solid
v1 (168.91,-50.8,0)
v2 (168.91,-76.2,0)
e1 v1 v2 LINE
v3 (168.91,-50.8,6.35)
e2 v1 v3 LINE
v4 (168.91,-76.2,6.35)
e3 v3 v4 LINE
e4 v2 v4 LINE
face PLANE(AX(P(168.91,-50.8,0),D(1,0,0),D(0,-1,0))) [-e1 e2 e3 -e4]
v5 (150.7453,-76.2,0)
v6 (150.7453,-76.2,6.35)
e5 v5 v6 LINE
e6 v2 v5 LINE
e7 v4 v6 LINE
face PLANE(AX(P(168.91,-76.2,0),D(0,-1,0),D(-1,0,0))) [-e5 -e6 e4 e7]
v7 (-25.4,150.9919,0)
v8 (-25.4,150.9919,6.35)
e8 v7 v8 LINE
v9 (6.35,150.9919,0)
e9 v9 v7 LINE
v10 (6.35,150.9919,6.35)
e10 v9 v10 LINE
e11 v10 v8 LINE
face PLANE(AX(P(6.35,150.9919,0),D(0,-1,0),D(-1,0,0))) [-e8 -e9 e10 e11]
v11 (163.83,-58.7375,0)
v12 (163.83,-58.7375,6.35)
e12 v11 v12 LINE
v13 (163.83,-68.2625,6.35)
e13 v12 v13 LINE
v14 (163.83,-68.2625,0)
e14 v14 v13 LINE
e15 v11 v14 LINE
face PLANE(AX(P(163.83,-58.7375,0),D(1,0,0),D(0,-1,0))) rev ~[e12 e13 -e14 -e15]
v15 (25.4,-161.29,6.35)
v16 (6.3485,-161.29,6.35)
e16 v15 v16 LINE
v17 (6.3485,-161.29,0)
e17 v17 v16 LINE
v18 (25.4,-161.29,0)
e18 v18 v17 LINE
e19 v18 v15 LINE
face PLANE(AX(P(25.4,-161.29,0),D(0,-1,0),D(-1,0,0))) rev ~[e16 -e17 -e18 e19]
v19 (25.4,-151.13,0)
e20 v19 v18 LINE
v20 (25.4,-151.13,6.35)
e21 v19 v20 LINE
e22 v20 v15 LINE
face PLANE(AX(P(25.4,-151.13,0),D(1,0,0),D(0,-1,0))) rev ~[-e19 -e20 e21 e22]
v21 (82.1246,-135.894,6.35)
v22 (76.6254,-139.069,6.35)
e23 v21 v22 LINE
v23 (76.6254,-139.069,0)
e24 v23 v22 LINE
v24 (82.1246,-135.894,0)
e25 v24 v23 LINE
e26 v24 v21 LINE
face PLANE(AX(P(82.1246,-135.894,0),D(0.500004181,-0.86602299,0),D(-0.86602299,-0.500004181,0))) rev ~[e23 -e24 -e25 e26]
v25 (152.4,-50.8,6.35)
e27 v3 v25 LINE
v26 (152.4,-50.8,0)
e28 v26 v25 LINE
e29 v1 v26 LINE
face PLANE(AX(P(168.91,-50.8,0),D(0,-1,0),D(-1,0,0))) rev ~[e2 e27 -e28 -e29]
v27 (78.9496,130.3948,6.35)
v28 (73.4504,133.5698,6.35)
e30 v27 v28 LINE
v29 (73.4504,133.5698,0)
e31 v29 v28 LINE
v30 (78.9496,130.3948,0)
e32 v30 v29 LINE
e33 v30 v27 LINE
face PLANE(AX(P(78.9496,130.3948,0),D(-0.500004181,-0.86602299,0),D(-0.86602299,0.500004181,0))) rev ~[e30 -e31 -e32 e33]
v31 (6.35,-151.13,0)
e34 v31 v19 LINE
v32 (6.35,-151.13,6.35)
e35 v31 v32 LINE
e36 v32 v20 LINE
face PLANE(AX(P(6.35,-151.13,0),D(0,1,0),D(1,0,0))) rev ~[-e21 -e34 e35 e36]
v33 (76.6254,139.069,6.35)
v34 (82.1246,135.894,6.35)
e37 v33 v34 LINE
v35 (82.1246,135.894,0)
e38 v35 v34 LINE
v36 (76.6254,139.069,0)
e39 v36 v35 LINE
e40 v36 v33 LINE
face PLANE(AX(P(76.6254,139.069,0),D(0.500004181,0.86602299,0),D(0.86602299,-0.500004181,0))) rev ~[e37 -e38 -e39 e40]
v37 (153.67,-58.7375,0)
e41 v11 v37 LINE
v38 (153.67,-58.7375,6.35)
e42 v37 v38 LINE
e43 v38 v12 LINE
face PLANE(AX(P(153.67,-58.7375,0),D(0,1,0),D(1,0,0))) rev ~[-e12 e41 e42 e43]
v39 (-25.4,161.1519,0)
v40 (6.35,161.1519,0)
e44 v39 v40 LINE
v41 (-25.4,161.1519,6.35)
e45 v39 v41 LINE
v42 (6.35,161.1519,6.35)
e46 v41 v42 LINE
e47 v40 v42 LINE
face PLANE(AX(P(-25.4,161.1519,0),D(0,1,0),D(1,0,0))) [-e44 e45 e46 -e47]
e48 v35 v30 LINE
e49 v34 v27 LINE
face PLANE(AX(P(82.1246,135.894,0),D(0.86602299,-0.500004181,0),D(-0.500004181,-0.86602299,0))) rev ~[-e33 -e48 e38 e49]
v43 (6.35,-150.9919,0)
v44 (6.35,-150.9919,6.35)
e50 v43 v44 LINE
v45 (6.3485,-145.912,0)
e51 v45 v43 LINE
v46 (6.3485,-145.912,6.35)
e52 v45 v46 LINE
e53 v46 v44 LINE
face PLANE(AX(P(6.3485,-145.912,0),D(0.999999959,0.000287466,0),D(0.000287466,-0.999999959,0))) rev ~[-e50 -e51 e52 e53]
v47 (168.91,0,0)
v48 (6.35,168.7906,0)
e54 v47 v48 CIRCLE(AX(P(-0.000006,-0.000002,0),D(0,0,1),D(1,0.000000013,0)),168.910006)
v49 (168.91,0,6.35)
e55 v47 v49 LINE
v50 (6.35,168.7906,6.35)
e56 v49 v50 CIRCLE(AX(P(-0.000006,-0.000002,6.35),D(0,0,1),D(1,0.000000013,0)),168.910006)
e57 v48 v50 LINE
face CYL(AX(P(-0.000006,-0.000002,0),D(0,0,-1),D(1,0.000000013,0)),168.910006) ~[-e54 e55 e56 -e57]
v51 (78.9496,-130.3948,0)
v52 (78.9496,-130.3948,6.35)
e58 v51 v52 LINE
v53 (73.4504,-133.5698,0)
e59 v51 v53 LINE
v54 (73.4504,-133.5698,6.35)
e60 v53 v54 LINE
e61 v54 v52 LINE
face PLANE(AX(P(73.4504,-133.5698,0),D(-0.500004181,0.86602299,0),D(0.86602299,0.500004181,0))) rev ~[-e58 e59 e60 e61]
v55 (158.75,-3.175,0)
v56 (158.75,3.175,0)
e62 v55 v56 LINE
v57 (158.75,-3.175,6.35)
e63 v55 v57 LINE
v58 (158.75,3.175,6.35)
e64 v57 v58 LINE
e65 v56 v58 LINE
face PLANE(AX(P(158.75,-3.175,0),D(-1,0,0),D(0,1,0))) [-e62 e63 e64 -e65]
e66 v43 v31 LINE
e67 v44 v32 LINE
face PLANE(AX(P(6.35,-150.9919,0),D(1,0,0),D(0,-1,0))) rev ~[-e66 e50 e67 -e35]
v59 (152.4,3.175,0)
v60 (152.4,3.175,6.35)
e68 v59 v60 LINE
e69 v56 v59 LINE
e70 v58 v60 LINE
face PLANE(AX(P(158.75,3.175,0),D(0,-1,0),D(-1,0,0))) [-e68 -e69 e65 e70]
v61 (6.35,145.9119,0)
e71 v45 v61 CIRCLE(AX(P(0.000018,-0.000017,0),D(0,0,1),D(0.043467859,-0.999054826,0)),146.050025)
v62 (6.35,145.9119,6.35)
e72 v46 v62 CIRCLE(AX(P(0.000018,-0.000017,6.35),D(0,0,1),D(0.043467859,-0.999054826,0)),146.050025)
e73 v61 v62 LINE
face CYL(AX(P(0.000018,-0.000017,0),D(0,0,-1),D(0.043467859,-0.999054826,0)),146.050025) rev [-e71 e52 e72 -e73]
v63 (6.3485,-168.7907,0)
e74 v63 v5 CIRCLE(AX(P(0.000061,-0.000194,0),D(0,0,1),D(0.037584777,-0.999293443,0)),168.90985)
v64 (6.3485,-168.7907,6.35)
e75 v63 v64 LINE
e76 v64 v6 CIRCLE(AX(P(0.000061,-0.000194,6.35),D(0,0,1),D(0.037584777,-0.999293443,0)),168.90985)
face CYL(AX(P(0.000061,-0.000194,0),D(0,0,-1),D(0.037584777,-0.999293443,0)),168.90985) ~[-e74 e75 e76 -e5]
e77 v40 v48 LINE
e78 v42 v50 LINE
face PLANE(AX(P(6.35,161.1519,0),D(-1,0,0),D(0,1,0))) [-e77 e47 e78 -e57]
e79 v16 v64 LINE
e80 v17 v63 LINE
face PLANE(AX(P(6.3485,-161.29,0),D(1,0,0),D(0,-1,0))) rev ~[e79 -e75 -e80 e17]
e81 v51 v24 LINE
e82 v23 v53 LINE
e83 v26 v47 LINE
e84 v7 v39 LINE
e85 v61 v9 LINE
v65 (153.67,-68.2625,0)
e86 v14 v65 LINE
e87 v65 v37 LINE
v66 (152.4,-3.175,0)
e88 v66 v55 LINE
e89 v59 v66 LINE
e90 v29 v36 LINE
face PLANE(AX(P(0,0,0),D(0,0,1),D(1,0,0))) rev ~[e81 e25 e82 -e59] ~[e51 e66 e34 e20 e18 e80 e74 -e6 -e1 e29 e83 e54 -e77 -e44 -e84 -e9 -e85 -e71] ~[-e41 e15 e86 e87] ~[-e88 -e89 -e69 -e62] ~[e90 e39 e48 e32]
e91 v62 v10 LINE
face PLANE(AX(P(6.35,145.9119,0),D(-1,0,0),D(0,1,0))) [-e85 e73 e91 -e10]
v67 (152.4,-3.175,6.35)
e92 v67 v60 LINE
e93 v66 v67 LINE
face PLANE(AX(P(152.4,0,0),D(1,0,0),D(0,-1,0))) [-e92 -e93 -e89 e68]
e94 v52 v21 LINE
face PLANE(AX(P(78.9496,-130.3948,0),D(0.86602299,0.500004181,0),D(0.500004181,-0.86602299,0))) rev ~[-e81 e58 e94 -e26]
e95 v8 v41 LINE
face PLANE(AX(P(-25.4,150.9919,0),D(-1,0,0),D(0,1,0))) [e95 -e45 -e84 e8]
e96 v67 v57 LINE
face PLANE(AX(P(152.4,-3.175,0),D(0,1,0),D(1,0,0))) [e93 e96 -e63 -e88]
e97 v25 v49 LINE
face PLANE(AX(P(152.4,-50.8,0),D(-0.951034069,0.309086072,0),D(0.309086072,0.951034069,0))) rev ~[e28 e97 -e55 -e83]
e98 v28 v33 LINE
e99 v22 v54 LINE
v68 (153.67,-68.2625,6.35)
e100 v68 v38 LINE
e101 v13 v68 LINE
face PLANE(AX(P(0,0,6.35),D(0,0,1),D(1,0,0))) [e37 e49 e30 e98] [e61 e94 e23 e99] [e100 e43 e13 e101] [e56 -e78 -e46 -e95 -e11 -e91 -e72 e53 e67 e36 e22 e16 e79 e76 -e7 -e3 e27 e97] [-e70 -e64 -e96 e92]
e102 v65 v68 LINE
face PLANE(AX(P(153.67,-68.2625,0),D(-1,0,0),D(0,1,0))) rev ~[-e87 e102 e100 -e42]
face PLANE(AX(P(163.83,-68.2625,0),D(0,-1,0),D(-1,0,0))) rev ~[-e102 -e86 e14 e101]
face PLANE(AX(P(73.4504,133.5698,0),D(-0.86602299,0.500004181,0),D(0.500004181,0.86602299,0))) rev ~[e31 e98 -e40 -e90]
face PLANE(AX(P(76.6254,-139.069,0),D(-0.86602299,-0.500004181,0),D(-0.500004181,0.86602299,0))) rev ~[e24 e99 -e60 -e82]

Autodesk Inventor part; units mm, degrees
ref_plane "YZ Plane" through (0, 0, 0) normal (1, 0, 0) x (0, 1, 0)
ref_plane "XZ Plane" through (0, 0, 0) normal (0, 1, 0) x (-1, 0, 0)
ref_plane "XY Plane" through (0, 0, 0) normal (0, 0, 1) x (1, 0, 0)
sketch "Sketch1" plane through (0, 0, 0) normal (0, 0, 1) x (1, 0, 0)
  arc A0 (6.3485, -145.912) -> (6.35, 145.9119) centre (0, 0) ccw
  line L0 (6.35, -150.9919) -> (6.35, -151.13)
  line L1 (6.35, 145.9119) -> (6.35, 168.7906)
  line L2 (0, 0) -> (0, 200.5264) construction
  line L3 (6.35, 145.9119) -> (6.35, 150.9919) construction
  line L4 (6.35, 150.9919) -> (-25.4, 150.9919)
  line L5 (-25.4, 150.9919) -> (-25.4, 161.1519)
  line L6 (-25.4, 161.1519) -> (6.35, 161.1519)
  line L7 (0, -146.05) -> (0, 0) construction
  line L8 (168.91, 0) -> (168.91, -76.2)
  line L9 (168.91, -76.2) -> (150.7453, -76.2)
  line L10 (0, 0) -> (0, -63.5) construction
  line L11 (0, -63.5) -> (158.75, -63.5) construction
  line L12 (158.75, -58.7375) -> (163.83, -58.7375)
  line L13 (163.83, -58.7375) -> (163.83, -68.2625)
  line L14 (163.83, -68.2625) -> (153.67, -68.2625)
  line L15 (153.67, -68.2625) -> (153.67, -58.7375)
  line L16 (153.67, -58.7375) -> (158.75, -58.7375)
  arc A1 (6.3485, -168.7907) -> (150.7453, -76.2) centre (0, 0) ccw
  line L17 (6.35, 161.1519) -> (-6.35, 161.1519) construction
  line L18 (-6.35, 161.1519) -> (-6.35, 168.7906) construction
  line L19 (0, -146.05) -> (0, -151.13) construction
  line L20 (6.3485, -151.13) -> (25.4, -151.13)
  line L21 (25.4, -151.13) -> (25.4, -161.29)
  line L22 (25.4, -161.29) -> (6.3485, -161.29)
  arc A2 (168.91, 0) -> (6.35, 168.7906) centre (0, 0) ccw
  line L23 (0, -146.05) -> (6.3485, -145.912) construction
  line L24 (6.3485, -145.912) -> (6.3485, -151.13)
  line L25 (6.3485, -161.29) -> (6.3485, -168.7907)
  line L26 (6.3485, -145.912) -> (6.3485, -151.13) construction
  line L27 (6.3485, -161.29) -> (6.3485, -184.4747) construction
  line L28 (0, 0) -> (762, -1319.8227) construction
  line L29 (0, 0) -> (1524, 0) construction
  line L30 (0, 0) -> (158.4844, 274.503) construction
  line L31 (0, 0) -> (316.9688, 0) construction
  line L32 (76.2, -131.9823) -> (78.9496, -130.3948)
  line L33 (78.9496, -130.3948) -> (82.1246, -135.894)
  line L34 (82.1246, -135.894) -> (76.6254, -139.069)
  line L35 (76.6254, -139.069) -> (73.4504, -133.5698)
  line L36 (73.4504, -133.5698) -> (76.2, -131.9823)
  line L37 (152.4, 0) -> (152.4, -3.175)
  line L38 (152.4, -3.175) -> (158.75, -3.175)
  line L39 (158.75, -3.175) -> (158.75, 3.175)
  line L40 (158.75, 3.175) -> (152.4, 3.175)
  line L41 (152.4, 3.175) -> (152.4, -3.175)
  line L42 (73.4504, 133.5698) -> (76.6254, 139.069)
  line L43 (76.6254, 139.069) -> (82.1246, 135.894)
  line L44 (82.1246, 135.894) -> (78.9496, 130.3948)
  line L45 (78.9496, 130.3948) -> (73.4504, 133.5698)
  line L46 (168.91, -76.2) -> (168.91, -50.8) construction
  line L47 (168.91, -50.8) -> (152.4, -50.8)
  line L48 (152.4, -50.8) -> (168.91, 0)
  line L49 (168.91, -50.8) -> (168.91, 0)
  point P0 (6.35, -145.9119)
  point P1 (0.0447, 168.91)
  point P2 (6.3947, 145.9099)
  dimension "d51" = 292.1
  dimension "d72" = 6.35
  dimension "d73" = 5.08
  dimension "d75" = 31.75
  dimension "d76" = 10.16
  dimension "d82" = 76.2
  dimension "d86" = 63.5
  dimension "d87" = 158.75
  dimension "d89" = 4.7625
  dimension "d90" = 5.08
  dimension "d91" = 9.525
  dimension "d92" = 10.16
  dimension "d93" = 4.7625
  dimension "d100" = 12.7
  dimension "d101" = 5.08
  dimension "d103" = 25.4
  dimension "d104" = 10.16
  dimension "d105" = 6.35
  dimension "d106" = 7.5007
  dimension "d107" = 25.4
  dimension "d113" = 1524
  dimension "d114" = 60
  dimension "d115" = 60
  dimension "d121" = 3.175
  dimension "d122" = 6.35
  dimension "d123" = 152.4
  dimension "d124" = 6.35
  dimension "d125" = 3.175
  dimension "d126" = 6.35
  dimension "d127" = 6.35
  dimension "d128" = 152.4
  dimension "d130" = 6.35
  dimension "d131" = 6.35
  dimension "d132" = 6.35
  dimension "d133" = 3.175
  dimension "d134" = 152.4
  dimension "d139" = 25.4
  dimension "d140" = 71.996
extrude "Extrusion21" add sketch "Sketch1" along normal blind 6.35 contours A0 L1 A2 L48 L47 L8 L9 A1 L25 L22 L21 L20 L0 L24 | L4 L5 L6 L1
properties part number "TopHoopSection_v4"
